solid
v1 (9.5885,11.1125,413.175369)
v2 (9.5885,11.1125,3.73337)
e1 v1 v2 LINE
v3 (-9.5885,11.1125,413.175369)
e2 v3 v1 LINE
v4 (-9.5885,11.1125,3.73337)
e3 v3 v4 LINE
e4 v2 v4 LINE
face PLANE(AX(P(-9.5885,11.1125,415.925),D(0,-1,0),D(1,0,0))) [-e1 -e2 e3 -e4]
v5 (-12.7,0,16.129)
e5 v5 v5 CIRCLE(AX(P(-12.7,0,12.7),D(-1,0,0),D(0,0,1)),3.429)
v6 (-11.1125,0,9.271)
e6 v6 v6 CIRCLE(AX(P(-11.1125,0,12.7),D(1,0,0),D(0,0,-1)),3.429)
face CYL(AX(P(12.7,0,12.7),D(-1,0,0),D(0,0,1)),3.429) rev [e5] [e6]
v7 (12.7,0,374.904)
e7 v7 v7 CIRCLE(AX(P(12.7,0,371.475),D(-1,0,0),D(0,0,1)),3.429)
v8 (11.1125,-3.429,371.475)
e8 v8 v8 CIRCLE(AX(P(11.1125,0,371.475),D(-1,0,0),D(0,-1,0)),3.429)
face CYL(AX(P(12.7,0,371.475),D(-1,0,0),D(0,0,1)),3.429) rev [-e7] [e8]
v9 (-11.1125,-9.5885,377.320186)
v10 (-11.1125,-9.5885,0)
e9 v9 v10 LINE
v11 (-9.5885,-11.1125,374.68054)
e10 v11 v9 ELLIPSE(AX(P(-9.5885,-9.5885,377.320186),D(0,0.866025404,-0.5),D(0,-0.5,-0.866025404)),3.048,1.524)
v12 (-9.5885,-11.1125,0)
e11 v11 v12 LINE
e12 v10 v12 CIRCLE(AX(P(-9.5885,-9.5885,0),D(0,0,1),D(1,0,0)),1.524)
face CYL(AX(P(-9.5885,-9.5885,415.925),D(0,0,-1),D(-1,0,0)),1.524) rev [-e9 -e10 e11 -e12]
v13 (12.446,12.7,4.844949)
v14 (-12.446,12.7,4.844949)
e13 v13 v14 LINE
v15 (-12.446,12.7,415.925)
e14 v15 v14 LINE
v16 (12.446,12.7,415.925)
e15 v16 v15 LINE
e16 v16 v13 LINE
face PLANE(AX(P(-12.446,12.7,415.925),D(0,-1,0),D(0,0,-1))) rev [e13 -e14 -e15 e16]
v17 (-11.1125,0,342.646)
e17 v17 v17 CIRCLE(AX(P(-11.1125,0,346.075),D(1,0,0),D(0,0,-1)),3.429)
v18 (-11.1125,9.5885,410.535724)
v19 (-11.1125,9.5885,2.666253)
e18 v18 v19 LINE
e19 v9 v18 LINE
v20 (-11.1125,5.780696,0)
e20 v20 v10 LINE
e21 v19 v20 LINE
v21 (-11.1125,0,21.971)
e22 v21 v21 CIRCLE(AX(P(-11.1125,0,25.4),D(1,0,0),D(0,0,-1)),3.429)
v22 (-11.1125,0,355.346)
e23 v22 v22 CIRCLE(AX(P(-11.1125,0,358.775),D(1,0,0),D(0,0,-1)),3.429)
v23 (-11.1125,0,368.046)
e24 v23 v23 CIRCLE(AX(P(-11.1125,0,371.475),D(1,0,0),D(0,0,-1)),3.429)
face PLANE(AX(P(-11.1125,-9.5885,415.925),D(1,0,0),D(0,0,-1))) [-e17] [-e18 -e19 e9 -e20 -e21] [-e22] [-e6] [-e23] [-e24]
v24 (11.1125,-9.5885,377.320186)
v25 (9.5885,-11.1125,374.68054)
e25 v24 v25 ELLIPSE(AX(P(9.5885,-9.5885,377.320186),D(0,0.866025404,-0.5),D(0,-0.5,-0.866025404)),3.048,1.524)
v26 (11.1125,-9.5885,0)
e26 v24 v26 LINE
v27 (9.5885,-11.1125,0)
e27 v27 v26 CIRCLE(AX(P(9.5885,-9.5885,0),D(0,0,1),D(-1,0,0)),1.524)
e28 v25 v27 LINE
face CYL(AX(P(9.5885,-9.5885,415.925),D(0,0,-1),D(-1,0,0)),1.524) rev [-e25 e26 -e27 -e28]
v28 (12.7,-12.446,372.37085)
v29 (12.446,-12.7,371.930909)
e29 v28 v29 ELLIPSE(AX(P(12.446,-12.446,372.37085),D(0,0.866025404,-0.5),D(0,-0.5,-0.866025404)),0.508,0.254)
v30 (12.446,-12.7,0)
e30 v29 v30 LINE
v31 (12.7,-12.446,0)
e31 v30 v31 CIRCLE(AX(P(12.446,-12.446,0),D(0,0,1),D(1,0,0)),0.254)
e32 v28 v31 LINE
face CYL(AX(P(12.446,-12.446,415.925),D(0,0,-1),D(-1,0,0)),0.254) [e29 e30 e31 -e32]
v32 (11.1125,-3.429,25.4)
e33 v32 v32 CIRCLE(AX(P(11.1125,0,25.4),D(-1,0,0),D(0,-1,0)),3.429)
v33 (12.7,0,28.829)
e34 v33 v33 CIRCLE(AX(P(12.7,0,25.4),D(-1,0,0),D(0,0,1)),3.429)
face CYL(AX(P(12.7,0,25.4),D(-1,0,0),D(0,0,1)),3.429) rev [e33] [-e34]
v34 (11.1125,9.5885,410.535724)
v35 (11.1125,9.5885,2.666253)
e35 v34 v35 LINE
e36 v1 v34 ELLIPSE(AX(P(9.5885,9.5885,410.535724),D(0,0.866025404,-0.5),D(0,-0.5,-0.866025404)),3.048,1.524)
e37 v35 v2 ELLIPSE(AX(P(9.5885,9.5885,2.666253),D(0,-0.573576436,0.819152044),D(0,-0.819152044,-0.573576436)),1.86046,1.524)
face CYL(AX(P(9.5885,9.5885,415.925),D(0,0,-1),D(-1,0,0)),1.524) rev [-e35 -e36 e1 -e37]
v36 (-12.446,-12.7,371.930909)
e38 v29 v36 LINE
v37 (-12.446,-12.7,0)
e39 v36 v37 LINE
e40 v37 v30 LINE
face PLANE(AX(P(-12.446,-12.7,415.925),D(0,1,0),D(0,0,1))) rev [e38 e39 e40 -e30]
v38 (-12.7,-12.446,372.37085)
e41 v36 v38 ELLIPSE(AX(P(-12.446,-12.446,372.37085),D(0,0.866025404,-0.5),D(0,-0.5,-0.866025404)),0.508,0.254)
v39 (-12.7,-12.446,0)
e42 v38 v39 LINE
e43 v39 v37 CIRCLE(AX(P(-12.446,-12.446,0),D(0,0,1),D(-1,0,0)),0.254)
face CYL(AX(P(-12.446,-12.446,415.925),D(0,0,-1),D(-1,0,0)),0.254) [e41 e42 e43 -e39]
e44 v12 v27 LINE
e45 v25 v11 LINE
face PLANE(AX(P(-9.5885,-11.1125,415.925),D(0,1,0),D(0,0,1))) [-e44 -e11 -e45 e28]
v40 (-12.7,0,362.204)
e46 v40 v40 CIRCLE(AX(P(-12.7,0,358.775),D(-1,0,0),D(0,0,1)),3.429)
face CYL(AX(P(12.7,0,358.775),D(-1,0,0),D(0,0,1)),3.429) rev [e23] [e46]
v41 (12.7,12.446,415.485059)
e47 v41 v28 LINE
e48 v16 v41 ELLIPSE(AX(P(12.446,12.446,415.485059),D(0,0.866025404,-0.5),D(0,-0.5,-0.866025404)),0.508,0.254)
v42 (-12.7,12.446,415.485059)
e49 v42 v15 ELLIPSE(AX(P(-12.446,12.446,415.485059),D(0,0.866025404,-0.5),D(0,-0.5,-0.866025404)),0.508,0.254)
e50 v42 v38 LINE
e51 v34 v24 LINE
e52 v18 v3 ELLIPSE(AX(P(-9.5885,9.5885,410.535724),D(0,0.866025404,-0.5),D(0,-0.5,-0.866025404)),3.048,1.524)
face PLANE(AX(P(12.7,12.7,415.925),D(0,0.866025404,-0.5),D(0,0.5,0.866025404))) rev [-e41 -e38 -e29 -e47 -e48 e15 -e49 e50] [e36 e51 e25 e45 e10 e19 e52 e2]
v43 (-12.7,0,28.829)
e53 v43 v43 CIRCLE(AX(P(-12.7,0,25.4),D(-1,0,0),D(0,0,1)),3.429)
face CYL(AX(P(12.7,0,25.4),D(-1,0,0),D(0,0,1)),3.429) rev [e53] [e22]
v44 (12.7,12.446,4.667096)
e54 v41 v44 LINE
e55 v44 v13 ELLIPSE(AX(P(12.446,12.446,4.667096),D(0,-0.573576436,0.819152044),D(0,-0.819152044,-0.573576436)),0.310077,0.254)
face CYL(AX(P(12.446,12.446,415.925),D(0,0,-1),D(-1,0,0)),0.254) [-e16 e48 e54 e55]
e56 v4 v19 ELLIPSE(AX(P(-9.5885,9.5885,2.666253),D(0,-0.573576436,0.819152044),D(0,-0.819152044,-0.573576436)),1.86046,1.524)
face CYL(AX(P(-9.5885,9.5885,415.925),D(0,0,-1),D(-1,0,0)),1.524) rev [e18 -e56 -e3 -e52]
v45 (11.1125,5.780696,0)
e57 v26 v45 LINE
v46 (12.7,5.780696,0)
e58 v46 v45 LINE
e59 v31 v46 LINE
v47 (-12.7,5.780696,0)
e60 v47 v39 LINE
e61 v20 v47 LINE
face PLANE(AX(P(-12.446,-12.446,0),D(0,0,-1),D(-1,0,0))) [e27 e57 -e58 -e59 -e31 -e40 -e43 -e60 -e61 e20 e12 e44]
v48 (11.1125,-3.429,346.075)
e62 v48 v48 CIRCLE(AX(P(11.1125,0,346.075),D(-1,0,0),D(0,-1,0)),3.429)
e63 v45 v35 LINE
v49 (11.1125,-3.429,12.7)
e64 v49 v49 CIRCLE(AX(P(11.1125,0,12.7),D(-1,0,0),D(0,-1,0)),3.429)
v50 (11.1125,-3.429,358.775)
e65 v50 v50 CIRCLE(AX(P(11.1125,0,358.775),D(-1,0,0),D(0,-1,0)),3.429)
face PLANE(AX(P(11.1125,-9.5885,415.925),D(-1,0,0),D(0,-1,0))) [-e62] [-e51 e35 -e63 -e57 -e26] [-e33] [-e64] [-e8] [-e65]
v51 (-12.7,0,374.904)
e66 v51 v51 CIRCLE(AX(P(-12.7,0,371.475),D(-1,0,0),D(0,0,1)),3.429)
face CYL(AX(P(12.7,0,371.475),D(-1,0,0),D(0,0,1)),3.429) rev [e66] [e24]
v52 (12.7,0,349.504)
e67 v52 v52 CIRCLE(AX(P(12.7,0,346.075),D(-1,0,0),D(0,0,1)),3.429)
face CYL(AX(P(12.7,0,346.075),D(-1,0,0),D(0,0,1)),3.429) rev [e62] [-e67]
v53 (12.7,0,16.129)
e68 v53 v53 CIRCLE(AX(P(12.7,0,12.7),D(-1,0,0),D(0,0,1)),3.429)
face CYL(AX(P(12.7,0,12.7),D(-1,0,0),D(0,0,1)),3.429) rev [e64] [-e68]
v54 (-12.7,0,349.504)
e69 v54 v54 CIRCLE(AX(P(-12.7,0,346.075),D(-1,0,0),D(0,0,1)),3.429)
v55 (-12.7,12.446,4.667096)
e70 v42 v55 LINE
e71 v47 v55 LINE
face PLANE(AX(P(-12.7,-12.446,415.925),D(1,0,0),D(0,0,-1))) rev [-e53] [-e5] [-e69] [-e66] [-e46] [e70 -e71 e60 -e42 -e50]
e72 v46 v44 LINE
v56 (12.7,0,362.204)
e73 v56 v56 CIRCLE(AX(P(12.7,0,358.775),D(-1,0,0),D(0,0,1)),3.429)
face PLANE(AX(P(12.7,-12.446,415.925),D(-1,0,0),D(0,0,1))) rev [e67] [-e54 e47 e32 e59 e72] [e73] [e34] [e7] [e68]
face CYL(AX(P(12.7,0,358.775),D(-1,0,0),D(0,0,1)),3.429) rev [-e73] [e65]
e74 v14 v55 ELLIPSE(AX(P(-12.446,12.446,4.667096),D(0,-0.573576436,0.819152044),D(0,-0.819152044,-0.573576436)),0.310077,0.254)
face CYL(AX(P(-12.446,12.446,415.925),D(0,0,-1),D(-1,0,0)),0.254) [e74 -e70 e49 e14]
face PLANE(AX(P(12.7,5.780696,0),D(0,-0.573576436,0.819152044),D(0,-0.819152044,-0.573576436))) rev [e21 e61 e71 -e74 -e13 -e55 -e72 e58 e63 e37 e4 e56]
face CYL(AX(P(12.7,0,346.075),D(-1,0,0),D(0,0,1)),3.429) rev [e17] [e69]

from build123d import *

# Parameters (mm, degrees)
BOSS_EXTRUDE1_DEPTH = 415.925
SKETCH2_R           = 3.429
CUT_EXTRUDE1_DEPTH  = 26.4


with BuildPart() as part:
    # Sketch1 → Boss-Extrude1 (new body)
    with BuildSketch(Plane.XY):
        with BuildLine():
            Line((-12.446, -12.7), (12.446, -12.7))
            ThreePointArc((12.446, -12.7), (12.625605122, -12.625605122), (12.7, -12.446))
            Line((12.7, -12.446), (12.7, 12.446))
            ThreePointArc((12.7, 12.446), (12.625605122, 12.625605122), (12.446, 12.7))
            Line((12.446, 12.7), (-12.446, 12.7))
            ThreePointArc((-12.446, 12.7), (-12.625605122, 12.625605122), (-12.7, 12.446))
            Line((-12.7, 12.446), (-12.7, -12.446))
            ThreePointArc((-12.7, -12.446), (-12.625605122, -12.625605122), (-12.446, -12.7))
        make_face()
        with BuildLine():
            Line((-11.1125, -9.5885), (-11.1125, 9.5885))
            ThreePointArc((-11.1125, 9.5885), (-10.666130735, 10.666130735), (-9.5885, 11.1125))
            Line((-9.5885, 11.1125), (9.5885, 11.1125))
            ThreePointArc((9.5885, 11.1125), (10.666130735, 10.666130735), (11.1125, 9.5885))
            Line((11.1125, 9.5885), (11.1125, -9.5885))
            ThreePointArc((11.1125, -9.5885), (10.666130735, -10.666130735), (9.5885, -11.1125))
            Line((9.5885, -11.1125), (-9.5885, -11.1125))
            ThreePointArc((-9.5885, -11.1125), (-10.666130735, -10.666130735), (-11.1125, -9.5885))
        make_face(mode=Mode.SUBTRACT)
    extrude(amount=BOSS_EXTRUDE1_DEPTH)

    # Sketch2 → Cut-Extrude1 (cut, through all)
    with BuildSketch(Plane.ZY.offset(12.7)):
        with Locations((371.475, 0)):
            Circle(SKETCH2_R)
        with Locations((358.775, 0)):
            Circle(SKETCH2_R)
        with Locations((346.075, 0)):
            Circle(SKETCH2_R)
        with Locations((12.7, 0)):
            Circle(SKETCH2_R)
        with Locations((25.4, 0)):
            Circle(SKETCH2_R)
        Polygon((415.925, 12.7), (371.930909488, -12.7), (415.925, -12.7), align=None)
        Polygon((0, 5.78069553), (4.844949149, 12.7), (0, 12.7), align=None)
    extrude(amount=-CUT_EXTRUDE1_DEPTH, mode=Mode.SUBTRACT)


solid = part.part
